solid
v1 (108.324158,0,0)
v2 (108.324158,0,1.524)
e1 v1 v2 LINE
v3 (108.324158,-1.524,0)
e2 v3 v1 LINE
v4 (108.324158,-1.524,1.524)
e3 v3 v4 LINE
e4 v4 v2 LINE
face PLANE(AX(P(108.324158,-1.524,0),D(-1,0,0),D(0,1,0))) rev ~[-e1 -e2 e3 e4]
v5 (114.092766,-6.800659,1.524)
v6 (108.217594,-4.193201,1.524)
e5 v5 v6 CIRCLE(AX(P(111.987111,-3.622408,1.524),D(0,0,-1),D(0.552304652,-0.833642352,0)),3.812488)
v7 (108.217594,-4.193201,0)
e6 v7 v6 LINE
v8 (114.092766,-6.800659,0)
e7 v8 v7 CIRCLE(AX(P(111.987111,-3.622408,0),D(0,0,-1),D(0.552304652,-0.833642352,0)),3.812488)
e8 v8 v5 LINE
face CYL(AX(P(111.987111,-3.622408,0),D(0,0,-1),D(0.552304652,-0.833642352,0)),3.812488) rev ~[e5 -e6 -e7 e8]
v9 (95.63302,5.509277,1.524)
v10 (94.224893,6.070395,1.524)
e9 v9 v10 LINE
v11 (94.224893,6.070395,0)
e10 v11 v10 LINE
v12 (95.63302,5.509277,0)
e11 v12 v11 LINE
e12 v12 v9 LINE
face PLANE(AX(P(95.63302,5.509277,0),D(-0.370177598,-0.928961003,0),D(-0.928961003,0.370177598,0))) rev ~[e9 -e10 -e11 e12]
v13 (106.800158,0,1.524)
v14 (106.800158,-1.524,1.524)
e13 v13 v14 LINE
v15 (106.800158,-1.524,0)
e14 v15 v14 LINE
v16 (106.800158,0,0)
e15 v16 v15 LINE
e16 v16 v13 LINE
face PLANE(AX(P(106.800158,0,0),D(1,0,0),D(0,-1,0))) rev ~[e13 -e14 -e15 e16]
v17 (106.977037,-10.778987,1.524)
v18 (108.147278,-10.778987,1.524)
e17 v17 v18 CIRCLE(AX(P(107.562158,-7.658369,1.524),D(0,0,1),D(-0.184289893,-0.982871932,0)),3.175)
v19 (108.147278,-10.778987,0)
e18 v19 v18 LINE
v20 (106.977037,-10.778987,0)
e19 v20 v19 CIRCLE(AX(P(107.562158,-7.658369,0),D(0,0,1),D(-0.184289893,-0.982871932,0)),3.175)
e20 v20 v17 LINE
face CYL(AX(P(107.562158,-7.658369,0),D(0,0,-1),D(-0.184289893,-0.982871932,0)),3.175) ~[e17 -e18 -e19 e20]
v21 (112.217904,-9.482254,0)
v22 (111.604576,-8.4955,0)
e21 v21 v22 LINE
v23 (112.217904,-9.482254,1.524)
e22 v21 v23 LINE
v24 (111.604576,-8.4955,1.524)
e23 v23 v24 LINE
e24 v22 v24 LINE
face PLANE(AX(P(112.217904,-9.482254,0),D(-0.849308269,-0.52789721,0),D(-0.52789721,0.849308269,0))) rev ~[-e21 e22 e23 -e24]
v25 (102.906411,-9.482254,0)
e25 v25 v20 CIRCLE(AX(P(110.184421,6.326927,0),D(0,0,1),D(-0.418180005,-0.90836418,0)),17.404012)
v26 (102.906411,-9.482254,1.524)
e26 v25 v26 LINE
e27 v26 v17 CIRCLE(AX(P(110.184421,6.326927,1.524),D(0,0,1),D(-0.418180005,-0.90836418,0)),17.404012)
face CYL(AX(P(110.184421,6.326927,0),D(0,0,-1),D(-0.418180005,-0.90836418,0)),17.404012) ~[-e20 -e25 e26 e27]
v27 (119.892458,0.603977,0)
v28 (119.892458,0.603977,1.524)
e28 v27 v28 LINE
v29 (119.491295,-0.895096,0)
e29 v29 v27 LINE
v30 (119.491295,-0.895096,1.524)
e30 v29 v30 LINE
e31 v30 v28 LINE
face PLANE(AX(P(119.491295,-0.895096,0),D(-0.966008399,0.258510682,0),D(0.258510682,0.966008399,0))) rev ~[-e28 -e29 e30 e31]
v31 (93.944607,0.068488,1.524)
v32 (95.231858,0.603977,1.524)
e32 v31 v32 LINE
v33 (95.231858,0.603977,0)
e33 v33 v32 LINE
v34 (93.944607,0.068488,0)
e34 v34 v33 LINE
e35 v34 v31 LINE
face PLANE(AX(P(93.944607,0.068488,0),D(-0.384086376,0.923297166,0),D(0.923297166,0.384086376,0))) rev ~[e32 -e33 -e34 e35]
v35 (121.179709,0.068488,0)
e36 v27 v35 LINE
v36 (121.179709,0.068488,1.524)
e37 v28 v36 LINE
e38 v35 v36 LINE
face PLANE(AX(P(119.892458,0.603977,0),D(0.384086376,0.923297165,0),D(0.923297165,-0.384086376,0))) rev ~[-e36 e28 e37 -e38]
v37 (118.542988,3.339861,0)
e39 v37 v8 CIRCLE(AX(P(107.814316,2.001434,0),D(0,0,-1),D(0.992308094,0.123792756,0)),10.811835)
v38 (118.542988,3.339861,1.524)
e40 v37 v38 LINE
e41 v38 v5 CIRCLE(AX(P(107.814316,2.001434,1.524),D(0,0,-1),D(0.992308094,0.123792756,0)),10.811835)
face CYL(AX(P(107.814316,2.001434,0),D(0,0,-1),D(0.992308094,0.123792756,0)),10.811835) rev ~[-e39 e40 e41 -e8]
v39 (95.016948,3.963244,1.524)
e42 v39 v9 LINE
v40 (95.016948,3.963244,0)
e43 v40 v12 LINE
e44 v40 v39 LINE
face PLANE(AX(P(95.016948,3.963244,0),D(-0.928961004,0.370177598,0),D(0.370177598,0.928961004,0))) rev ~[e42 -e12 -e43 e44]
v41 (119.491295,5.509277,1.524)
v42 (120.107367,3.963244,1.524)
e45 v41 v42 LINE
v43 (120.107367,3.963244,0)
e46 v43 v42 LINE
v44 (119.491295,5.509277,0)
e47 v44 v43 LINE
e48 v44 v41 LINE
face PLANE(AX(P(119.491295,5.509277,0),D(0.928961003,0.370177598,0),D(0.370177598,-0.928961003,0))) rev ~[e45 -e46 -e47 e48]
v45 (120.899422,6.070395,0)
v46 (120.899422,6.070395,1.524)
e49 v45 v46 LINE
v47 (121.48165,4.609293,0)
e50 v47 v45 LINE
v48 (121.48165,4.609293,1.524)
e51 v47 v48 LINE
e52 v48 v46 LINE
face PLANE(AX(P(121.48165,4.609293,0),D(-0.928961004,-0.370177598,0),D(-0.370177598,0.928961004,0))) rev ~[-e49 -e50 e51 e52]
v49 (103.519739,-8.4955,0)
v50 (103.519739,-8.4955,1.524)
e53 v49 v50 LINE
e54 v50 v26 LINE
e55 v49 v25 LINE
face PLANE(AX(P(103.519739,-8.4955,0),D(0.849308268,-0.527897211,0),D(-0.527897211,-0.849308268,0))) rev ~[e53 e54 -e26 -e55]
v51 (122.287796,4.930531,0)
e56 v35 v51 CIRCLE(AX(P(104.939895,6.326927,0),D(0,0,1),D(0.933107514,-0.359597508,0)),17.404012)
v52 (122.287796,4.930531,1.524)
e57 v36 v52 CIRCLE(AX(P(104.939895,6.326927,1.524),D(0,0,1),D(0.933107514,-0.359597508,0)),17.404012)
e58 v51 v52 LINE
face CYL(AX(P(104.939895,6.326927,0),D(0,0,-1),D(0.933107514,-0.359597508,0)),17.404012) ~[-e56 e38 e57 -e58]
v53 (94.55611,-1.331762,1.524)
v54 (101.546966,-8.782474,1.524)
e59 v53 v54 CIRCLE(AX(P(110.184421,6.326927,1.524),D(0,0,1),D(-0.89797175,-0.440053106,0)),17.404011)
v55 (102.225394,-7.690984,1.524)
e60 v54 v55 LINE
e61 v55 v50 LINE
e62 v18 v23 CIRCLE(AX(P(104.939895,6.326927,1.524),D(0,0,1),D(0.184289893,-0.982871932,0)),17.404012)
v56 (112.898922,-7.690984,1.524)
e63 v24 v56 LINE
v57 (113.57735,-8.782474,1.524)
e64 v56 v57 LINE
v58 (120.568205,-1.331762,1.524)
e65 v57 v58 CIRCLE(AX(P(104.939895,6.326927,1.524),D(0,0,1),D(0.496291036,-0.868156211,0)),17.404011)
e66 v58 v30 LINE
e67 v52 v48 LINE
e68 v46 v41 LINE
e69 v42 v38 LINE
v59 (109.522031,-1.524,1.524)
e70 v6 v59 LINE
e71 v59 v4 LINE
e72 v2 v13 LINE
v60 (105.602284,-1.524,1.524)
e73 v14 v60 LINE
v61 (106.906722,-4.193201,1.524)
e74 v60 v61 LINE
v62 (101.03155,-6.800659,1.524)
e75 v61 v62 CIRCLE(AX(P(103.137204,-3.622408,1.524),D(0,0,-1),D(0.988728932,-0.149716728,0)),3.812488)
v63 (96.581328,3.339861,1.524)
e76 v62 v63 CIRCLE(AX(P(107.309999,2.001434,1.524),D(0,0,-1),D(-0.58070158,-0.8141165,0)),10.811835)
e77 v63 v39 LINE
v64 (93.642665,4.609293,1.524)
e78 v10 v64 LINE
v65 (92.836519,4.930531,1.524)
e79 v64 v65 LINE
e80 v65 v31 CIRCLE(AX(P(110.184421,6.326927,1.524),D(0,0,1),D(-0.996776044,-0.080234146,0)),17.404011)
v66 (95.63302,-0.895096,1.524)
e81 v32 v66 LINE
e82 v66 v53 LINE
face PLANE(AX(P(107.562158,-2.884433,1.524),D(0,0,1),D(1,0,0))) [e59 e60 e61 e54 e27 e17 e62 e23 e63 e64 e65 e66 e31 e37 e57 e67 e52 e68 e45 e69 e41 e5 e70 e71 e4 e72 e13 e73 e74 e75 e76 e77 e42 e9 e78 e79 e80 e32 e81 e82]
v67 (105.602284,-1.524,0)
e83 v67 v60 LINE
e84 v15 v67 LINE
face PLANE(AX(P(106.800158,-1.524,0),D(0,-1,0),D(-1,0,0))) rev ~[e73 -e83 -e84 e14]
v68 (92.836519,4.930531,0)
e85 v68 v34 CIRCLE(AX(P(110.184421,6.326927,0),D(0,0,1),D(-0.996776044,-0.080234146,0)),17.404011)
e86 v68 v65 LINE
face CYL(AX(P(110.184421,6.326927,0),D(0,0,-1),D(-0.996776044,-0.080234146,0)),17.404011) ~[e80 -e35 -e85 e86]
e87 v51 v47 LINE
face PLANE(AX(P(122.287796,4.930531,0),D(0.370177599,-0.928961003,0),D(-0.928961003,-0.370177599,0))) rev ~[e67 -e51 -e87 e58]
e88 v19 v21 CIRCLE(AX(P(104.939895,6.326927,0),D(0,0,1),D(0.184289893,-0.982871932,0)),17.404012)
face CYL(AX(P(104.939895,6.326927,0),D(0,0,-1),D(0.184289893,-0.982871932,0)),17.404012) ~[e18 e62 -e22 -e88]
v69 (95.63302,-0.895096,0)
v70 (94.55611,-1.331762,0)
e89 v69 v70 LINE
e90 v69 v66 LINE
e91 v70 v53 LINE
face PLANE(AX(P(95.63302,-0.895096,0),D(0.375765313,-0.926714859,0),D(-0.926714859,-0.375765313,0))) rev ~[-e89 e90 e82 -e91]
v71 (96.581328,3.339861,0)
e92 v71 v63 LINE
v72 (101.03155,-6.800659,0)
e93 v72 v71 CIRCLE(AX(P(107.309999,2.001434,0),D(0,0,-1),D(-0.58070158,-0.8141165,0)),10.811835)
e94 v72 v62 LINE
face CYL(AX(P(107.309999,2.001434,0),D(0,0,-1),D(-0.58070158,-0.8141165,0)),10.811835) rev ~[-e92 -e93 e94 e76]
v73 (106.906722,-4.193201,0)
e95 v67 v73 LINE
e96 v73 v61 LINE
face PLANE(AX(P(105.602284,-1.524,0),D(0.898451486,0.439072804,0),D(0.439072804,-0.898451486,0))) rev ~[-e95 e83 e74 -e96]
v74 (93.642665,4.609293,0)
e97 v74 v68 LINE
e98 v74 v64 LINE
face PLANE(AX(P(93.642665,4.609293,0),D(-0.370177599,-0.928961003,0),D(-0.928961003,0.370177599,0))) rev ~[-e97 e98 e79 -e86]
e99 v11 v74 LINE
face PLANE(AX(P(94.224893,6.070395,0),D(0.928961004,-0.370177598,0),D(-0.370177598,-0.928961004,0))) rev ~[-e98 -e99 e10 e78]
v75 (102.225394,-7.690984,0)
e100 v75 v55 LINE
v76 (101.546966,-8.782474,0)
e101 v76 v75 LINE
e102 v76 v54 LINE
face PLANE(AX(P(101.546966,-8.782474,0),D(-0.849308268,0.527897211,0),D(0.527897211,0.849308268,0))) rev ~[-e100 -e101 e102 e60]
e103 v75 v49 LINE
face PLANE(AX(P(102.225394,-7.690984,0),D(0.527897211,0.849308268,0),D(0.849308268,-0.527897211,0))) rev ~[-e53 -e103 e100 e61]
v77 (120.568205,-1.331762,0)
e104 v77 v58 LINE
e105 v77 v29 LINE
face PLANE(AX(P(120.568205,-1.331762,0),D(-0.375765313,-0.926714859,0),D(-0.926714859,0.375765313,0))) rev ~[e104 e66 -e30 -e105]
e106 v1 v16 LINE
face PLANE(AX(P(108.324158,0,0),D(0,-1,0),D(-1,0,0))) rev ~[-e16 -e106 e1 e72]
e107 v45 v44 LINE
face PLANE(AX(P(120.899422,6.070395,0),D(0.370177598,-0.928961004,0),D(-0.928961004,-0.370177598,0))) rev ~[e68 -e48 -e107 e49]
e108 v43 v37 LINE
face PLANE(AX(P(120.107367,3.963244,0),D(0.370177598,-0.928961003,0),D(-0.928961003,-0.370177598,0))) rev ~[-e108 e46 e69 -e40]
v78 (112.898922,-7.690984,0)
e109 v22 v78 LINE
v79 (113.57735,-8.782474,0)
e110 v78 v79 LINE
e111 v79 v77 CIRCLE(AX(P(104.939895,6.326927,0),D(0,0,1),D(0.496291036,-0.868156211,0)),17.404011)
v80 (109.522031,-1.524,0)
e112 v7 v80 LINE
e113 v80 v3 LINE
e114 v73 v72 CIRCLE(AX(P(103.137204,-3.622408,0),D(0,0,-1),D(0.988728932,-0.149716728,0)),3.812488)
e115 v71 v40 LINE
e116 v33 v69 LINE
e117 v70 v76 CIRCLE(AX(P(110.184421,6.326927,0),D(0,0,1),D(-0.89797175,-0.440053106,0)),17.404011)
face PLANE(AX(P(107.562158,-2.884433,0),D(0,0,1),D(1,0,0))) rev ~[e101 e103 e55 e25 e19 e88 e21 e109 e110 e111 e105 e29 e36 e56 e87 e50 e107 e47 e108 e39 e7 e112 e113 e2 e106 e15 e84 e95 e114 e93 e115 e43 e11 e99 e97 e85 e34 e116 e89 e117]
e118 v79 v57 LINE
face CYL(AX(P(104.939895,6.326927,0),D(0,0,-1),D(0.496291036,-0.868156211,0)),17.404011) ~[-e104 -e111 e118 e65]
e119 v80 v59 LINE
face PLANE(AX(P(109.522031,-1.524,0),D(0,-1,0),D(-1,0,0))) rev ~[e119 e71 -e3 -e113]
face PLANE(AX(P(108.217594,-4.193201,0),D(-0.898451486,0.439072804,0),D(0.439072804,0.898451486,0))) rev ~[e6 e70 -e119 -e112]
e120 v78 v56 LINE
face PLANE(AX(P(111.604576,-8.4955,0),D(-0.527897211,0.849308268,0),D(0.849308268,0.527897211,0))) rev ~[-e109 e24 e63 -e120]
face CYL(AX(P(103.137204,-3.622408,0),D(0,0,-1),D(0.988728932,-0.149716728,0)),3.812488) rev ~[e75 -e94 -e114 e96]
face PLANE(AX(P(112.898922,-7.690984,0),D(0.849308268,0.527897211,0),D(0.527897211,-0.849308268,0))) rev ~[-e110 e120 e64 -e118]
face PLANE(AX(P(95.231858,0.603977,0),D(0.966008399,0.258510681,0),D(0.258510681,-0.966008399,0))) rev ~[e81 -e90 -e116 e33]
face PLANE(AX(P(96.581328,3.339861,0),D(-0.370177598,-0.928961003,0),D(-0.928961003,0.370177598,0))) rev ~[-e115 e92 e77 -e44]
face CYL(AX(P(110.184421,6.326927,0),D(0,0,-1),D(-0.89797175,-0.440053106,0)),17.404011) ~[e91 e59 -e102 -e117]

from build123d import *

# Parameters (mm, degrees)
BOSS_EXTRUDE1_DEPTH = 1.524


with BuildPart() as part:
    # Sketch1 → Boss-Extrude1 (new body)
    with BuildSketch(Plane.XY):
        with BuildLine():
            Line((106.800157748, 0), (106.800157748, -1.524))
            Line((106.800157748, -1.524), (105.60228421, -1.524))
            Line((105.60228421, -1.524), (106.906721504, -4.193201134))
            ThreePointArc((106.906721504, -4.193201134), (104.68375507, -7.107123849), (101.031549593, -6.800659311))
            ThreePointArc((101.031549593, -6.800659311), (97.409591285, -2.343413311), (96.581327911, 3.339860717))
            Line((96.581327911, 3.339860717), (95.016948104, 3.963243569))
            Line((95.016948104, 3.963243569), (95.633020179, 5.509276977))
            Line((95.633020179, 5.509276977), (94.224893193, 6.070395327))
            Line((94.224893193, 6.070395327), (93.642665079, 4.609293369))
            Line((93.642665079, 4.609293369), (92.836519037, 4.930530972))
            ThreePointArc((92.836519037, 4.930530972), (93.215521974, 2.459616544), (93.944606865, 0.068487824))
            Line((93.944606865, 0.068487824), (95.231857751, 0.60397688))
            Line((95.231857751, 0.60397688), (95.633020179, -0.895095706))
            Line((95.633020179, -0.895095706), (94.556110103, -1.331762333))
            ThreePointArc((94.556110103, -1.331762333), (97.492489487, -5.581662211), (101.546965864, -8.782473698))
            Line((101.546965864, -8.782473698), (102.225393513, -7.690984294))
            Line((102.225393513, -7.690984294), (103.519739314, -8.495499643))
            Line((103.519739314, -8.495499643), (102.906411146, -9.482253643))
            ThreePointArc((102.906411146, -9.482253643), (104.901784449, -10.255997053), (106.977037338, -10.77898742))
            ThreePointArc((106.977037338, -10.77898742), (107.562157749, -10.833369035), (108.14727816, -10.77898742))
            ThreePointArc((108.14727816, -10.77898742), (110.222531049, -10.255997053), (112.217904351, -9.482253643))
            Line((112.217904351, -9.482253643), (111.604576184, -8.495499643))
            Line((111.604576184, -8.495499643), (112.898921985, -7.690984294))
            Line((112.898921985, -7.690984294), (113.577349634, -8.782473698))
            ThreePointArc((113.577349634, -8.782473698), (117.631826011, -5.581662211), (120.568205395, -1.331762333))
            Line((120.568205395, -1.331762333), (119.491295318, -0.895095706))
            Line((119.491295318, -0.895095706), (119.892457747, 0.60397688))
            Line((119.892457747, 0.60397688), (121.179708632, 0.068487824))
            ThreePointArc((121.179708632, 0.068487824), (121.908793523, 2.459616544), (122.287796461, 4.930530972))
            Line((122.287796461, 4.930530972), (121.481650419, 4.609293369))
            Line((121.481650419, 4.609293369), (120.899422305, 6.070395327))
            Line((120.899422305, 6.070395327), (119.491295318, 5.509276977))
            Line((119.491295318, 5.509276977), (120.107367394, 3.963243569))
            Line((120.107367394, 3.963243569), (118.542987586, 3.339860717))
            ThreePointArc((118.542987586, 3.339860717), (117.714724213, -2.343413311), (114.092765904, -6.800659311))
            ThreePointArc((114.092765904, -6.800659311), (110.440560427, -7.107123849), (108.217593993, -4.193201134))
            Line((108.217593993, -4.193201134), (109.522031288, -1.524))
            Line((109.522031288, -1.524), (108.32415775, -1.524))
            Line((108.32415775, -1.524), (108.32415775, 0))
            Line((108.32415775, 0), (106.800157748, 0))
        make_face()
    extrude(amount=BOSS_EXTRUDE1_DEPTH)


solid = part.part
